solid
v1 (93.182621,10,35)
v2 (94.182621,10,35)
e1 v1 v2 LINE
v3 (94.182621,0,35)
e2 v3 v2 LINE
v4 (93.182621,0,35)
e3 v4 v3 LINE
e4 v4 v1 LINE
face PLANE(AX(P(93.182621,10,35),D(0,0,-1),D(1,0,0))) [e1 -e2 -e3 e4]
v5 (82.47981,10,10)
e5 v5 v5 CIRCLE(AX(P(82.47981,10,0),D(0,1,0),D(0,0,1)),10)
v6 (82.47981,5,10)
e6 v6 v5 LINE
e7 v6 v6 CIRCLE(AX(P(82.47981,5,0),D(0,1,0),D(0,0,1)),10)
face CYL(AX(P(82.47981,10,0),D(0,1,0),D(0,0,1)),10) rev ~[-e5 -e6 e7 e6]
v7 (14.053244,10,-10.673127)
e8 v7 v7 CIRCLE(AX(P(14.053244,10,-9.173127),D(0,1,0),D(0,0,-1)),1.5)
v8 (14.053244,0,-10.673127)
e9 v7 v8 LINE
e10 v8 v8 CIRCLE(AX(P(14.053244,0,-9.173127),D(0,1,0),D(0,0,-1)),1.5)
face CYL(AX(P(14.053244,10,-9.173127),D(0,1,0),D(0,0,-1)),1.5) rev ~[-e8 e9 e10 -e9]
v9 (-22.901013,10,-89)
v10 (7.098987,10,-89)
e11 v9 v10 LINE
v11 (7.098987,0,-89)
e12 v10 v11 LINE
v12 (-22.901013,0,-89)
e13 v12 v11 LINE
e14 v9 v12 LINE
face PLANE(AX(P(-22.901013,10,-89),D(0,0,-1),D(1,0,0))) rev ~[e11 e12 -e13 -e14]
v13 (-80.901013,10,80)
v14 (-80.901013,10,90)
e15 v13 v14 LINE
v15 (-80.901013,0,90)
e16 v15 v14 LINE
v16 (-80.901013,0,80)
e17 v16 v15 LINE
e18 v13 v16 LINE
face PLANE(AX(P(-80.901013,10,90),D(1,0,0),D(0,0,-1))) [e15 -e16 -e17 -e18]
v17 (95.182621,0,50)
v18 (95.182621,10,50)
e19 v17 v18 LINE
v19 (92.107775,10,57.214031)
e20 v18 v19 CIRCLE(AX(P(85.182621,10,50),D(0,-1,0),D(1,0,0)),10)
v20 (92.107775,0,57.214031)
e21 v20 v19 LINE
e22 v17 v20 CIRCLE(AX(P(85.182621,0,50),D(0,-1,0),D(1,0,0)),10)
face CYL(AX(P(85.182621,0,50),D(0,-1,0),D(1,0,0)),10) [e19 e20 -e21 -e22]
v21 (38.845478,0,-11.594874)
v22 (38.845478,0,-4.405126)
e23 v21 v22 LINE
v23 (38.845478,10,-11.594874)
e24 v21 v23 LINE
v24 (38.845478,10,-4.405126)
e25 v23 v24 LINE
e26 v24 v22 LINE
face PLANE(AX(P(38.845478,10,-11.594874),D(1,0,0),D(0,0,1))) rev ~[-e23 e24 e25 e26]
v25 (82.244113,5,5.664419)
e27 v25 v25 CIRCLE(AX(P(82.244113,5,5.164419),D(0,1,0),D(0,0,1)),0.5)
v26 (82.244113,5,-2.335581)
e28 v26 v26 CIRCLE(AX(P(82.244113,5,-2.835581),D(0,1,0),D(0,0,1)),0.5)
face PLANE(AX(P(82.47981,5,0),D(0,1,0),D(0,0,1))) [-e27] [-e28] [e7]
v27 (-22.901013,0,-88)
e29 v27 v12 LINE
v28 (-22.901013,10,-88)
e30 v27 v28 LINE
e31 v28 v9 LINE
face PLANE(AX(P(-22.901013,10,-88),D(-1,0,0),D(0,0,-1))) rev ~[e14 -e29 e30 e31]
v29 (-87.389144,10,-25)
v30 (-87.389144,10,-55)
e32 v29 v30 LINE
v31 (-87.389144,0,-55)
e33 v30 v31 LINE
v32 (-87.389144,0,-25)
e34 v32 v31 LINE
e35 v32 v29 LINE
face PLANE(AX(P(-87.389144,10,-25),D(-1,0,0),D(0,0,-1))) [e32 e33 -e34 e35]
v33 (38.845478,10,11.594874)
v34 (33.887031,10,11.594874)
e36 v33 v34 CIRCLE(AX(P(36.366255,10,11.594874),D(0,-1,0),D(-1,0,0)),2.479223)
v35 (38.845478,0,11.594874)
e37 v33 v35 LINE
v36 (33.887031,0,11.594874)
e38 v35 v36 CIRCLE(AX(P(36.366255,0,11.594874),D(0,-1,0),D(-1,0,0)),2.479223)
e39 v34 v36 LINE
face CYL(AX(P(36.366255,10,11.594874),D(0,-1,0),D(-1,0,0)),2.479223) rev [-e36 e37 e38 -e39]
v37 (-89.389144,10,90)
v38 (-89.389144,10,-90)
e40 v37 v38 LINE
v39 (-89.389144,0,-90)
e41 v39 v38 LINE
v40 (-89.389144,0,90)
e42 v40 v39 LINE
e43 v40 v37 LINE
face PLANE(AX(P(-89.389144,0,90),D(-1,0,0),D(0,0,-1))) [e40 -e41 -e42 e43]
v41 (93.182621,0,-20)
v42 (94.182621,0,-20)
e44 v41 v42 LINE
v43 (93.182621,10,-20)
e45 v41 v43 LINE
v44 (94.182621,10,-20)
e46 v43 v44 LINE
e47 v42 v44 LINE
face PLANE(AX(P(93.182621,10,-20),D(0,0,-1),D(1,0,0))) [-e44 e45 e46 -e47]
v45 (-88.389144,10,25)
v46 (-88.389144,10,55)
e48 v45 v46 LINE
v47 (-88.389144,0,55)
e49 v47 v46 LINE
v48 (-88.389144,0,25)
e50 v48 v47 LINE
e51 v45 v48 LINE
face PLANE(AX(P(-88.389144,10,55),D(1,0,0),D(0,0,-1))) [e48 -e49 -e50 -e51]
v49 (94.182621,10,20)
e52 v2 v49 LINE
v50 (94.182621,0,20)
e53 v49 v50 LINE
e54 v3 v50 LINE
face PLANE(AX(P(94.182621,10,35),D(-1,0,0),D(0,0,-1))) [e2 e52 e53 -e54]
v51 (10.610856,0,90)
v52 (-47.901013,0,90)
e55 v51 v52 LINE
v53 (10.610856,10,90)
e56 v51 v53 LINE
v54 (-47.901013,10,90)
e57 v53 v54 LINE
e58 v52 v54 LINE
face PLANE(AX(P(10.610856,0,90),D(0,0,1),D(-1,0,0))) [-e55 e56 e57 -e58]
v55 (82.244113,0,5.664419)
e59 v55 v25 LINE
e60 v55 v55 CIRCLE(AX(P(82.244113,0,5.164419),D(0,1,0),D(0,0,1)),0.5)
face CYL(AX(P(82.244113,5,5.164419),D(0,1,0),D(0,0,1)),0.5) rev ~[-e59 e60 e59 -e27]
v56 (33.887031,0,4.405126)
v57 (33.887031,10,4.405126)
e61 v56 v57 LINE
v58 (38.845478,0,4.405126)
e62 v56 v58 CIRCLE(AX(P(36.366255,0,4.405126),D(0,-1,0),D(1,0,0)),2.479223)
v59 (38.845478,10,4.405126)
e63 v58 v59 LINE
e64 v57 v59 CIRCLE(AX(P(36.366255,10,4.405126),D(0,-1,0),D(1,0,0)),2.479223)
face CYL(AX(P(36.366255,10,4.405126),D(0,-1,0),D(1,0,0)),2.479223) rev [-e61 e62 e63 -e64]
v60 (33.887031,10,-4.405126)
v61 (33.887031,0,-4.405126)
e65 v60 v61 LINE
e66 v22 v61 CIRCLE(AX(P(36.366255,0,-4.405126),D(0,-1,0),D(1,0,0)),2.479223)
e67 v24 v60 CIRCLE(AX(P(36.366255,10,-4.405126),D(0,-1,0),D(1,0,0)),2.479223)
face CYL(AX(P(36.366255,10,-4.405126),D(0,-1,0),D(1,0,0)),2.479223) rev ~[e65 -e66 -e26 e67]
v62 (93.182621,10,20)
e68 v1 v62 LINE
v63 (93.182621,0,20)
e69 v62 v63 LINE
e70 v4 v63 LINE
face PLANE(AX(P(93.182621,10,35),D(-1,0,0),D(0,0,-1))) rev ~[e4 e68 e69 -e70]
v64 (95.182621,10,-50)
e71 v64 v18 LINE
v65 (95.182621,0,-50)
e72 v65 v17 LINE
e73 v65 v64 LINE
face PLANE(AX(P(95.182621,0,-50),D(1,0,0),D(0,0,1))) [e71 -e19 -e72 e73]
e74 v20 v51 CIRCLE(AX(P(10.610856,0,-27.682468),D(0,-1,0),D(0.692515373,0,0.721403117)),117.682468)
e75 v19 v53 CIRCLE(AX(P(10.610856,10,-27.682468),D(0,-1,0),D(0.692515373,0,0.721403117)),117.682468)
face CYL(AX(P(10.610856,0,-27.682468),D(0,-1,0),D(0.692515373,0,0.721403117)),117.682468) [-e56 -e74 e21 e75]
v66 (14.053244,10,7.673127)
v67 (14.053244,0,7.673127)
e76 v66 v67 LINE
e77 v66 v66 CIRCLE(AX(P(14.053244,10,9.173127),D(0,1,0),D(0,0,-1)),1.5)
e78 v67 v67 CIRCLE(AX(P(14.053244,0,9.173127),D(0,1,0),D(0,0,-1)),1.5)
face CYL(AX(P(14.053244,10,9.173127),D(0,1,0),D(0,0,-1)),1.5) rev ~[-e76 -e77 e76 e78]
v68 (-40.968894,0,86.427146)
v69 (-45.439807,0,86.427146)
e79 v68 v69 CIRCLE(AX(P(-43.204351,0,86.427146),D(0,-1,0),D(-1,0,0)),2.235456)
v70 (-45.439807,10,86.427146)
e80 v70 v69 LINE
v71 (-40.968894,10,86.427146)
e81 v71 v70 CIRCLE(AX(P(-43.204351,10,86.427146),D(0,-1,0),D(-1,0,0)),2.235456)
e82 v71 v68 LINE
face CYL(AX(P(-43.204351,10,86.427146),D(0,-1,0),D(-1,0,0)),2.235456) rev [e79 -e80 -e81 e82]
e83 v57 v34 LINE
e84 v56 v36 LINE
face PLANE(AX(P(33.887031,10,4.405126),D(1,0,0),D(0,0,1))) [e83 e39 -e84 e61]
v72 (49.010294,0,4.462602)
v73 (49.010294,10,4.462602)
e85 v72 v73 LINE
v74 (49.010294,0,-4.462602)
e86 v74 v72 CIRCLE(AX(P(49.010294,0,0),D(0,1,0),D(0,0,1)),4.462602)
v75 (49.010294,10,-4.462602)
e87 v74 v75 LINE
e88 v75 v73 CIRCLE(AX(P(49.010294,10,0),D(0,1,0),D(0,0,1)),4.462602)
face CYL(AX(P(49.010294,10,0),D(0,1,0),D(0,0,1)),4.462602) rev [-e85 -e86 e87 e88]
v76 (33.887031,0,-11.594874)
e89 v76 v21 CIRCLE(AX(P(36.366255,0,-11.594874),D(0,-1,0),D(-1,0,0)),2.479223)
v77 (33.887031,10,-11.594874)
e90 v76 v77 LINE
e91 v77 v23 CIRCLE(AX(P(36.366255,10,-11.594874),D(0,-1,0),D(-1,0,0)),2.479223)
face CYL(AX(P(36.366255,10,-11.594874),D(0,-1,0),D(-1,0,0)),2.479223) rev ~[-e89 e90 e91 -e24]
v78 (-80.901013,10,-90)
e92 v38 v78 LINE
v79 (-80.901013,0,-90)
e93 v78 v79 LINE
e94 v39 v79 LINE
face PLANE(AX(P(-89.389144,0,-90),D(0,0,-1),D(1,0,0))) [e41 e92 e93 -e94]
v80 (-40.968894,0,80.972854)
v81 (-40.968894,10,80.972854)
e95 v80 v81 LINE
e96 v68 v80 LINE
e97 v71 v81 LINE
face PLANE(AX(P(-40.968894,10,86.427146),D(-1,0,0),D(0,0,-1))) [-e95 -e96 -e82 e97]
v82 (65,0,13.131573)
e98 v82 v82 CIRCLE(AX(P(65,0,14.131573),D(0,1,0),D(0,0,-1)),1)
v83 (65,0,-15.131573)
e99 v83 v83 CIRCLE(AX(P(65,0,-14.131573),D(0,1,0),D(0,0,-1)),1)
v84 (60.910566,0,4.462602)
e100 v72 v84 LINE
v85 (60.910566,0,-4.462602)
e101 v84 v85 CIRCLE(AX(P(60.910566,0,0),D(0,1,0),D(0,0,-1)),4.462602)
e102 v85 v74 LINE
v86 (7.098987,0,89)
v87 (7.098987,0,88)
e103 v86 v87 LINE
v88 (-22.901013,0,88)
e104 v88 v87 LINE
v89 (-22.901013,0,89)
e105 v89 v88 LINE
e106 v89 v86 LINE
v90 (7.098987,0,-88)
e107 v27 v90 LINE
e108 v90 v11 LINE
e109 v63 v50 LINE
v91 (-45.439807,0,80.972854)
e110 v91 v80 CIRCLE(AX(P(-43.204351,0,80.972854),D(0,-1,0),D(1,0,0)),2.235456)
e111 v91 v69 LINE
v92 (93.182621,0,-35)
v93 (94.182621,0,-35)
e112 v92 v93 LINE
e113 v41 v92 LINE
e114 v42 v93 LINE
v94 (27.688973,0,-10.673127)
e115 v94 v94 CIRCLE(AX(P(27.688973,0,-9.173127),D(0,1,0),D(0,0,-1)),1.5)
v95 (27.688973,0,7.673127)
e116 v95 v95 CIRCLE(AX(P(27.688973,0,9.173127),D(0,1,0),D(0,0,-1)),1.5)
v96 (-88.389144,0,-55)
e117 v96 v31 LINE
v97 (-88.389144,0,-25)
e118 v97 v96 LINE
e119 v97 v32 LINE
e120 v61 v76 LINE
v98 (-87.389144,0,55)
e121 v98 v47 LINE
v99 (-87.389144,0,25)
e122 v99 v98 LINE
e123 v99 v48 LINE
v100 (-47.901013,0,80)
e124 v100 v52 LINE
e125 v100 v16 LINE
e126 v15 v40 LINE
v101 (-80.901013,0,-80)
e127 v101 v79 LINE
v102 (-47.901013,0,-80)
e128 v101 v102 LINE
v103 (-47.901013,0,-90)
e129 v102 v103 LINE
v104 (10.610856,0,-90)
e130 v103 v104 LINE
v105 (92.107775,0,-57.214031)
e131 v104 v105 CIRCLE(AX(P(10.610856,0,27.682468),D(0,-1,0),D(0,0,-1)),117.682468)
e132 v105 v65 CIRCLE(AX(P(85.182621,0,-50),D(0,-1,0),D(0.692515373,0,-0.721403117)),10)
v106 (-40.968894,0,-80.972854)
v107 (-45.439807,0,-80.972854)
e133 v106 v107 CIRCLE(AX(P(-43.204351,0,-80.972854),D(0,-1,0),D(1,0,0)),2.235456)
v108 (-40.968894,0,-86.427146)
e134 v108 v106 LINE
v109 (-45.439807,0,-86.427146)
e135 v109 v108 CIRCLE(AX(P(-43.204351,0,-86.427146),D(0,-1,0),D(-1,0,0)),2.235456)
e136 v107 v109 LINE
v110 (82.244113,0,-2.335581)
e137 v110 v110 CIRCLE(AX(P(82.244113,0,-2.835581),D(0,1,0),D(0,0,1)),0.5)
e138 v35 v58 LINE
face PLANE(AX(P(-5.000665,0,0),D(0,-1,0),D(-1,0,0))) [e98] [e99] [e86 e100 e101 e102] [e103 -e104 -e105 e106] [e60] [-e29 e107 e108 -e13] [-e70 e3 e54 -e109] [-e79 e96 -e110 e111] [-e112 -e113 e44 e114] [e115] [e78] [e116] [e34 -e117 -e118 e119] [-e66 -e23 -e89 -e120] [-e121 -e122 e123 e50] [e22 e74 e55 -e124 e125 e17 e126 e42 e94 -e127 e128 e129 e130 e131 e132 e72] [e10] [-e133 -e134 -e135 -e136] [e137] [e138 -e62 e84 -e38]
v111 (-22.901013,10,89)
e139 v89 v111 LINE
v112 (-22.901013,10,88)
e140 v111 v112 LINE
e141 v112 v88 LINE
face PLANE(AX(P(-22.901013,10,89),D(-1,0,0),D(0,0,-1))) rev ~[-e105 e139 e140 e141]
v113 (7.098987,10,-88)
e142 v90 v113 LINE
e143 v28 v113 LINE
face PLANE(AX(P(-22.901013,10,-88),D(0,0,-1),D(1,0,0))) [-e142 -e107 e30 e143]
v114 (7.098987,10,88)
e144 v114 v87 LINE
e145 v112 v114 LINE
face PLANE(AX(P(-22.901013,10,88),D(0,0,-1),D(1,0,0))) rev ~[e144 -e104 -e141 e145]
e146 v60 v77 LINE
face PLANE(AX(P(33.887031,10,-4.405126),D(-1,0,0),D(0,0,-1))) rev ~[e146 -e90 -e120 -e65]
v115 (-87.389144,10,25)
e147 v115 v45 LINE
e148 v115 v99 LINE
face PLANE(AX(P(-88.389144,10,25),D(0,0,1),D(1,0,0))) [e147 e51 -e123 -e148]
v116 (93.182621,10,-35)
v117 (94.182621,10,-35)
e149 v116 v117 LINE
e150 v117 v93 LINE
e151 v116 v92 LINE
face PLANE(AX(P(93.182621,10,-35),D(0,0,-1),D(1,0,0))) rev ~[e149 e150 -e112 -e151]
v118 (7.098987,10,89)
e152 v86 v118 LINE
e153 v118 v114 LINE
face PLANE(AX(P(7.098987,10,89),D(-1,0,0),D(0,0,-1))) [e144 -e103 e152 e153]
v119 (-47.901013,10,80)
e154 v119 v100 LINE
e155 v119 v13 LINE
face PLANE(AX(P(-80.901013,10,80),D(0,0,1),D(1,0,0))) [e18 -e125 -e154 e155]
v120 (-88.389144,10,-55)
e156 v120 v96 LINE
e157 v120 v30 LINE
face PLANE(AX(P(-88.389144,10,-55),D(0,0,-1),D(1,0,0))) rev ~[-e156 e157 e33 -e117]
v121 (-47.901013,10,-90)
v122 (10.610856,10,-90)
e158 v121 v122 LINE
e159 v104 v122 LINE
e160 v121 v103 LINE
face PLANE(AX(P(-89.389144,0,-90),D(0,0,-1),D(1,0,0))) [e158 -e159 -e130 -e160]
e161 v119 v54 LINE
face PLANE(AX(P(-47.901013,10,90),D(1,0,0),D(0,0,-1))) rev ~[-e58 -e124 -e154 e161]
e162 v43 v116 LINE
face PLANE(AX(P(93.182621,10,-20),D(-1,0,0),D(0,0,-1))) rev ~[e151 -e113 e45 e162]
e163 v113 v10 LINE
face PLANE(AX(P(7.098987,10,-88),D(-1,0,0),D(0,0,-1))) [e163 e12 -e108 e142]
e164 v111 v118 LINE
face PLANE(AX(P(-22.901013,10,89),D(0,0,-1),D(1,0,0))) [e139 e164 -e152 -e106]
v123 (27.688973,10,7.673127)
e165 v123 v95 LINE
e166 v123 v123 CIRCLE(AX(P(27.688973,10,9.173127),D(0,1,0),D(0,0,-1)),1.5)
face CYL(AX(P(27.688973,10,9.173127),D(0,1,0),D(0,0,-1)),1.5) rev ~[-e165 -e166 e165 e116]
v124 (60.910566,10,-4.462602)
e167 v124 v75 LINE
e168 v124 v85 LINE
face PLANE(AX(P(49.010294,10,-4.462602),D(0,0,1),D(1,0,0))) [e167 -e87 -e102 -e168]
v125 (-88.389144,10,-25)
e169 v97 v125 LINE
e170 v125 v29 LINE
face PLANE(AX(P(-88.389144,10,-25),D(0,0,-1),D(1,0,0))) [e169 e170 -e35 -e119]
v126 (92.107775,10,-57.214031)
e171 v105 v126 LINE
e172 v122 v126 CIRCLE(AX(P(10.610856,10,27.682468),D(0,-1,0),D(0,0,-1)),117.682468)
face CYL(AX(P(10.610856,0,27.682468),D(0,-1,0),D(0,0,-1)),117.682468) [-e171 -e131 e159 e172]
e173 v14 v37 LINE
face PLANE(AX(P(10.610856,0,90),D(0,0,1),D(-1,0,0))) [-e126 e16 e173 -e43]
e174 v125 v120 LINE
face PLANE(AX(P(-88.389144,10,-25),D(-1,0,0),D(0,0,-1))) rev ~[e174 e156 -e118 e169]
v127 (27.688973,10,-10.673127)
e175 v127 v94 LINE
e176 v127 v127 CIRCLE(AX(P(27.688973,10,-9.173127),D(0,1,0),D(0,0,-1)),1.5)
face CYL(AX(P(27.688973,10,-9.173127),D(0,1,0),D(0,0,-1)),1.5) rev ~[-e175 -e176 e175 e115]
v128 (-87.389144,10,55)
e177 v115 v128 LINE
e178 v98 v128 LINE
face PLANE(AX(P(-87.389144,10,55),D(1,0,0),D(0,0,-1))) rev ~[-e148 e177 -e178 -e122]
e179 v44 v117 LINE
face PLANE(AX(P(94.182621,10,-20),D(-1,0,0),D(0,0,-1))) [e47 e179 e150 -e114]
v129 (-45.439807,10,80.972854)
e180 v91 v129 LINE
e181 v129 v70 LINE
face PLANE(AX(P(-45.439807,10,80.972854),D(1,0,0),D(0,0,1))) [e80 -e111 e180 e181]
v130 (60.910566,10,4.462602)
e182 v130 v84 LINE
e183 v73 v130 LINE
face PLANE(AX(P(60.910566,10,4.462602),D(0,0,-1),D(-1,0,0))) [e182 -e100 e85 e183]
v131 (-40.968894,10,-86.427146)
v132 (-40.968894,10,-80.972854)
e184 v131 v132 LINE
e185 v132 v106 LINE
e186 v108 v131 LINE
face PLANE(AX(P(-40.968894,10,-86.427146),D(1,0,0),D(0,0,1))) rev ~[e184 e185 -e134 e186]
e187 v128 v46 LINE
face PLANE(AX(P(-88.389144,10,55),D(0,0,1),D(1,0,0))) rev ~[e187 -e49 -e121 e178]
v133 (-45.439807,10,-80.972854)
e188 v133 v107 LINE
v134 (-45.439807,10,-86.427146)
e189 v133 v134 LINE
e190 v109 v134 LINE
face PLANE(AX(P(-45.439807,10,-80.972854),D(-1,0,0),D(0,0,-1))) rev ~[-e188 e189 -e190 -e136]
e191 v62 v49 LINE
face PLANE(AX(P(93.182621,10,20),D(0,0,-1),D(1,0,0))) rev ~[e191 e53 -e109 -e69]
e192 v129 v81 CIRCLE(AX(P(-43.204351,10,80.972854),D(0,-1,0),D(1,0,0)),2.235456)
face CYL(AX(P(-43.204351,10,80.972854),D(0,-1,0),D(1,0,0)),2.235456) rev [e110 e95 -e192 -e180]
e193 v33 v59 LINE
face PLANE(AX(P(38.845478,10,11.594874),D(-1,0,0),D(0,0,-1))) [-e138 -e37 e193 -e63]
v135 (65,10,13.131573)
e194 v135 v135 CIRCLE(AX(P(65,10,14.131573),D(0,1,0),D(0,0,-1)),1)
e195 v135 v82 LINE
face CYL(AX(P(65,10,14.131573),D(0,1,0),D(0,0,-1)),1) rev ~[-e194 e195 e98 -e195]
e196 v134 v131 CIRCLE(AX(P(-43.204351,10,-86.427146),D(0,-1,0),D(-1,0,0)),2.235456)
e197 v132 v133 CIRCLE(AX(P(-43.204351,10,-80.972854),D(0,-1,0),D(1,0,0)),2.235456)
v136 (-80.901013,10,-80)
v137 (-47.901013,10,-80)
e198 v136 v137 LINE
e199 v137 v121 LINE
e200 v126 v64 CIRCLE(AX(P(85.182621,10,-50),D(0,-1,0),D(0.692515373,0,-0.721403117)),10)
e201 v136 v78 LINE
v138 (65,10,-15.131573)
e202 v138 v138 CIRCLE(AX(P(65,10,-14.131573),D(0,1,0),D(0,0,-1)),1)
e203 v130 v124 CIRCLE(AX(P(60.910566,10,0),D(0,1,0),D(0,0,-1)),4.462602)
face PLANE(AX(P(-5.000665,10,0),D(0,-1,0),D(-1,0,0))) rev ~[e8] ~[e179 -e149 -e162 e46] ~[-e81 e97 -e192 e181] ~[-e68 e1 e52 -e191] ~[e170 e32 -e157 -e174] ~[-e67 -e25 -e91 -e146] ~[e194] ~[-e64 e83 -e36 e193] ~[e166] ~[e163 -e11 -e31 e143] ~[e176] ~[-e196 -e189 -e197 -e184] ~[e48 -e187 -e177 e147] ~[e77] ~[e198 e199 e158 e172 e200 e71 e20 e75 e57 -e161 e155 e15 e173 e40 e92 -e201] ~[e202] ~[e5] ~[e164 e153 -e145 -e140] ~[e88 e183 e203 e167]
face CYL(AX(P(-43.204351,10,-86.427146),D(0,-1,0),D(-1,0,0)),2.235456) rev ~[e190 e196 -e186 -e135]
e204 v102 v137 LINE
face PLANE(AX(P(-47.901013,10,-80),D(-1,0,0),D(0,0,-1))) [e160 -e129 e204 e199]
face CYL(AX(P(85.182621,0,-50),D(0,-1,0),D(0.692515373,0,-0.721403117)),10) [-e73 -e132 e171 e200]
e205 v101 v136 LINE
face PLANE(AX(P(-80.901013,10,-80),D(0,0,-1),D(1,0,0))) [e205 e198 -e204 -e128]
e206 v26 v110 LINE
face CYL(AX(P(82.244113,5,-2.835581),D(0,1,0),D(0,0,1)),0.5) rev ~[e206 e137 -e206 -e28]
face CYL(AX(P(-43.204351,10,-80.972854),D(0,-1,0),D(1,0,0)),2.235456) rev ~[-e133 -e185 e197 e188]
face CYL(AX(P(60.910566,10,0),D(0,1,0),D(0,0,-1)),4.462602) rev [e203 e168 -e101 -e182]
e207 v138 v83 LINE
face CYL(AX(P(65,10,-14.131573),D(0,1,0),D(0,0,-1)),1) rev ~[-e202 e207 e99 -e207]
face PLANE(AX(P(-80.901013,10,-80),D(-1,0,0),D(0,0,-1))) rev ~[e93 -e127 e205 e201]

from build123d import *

# Parameters (mm, degrees)
BOSS_EXTRUDE1_DEPTH = 10
SKETCH2_R           = 1
SKETCH2_R_2         = 1.5
SKETCH2_W           = 33
SKETCH2_H           = 10
CUT_EXTRUDE2_DEPTH  = 15
SKETCH3_R           = 10
CUT_EXTRUDE3_DEPTH  = 5
CUT_EXTRUDE4_DEPTH  = 15
SKETCH5_W           = 30
SKETCH5_H           = 1
SKETCH5_W_2         = 1
SKETCH5_H_2         = 30
SKETCH5_H_3         = 15
CUT_EXTRUDE6_DEPTH  = 15
SKETCH6_R           = 0.5
CUT_EXTRUDE7_DEPTH  = 15


with BuildPart() as part:
    # Sketch1 → Boss-Extrude1 (new body)
    with BuildSketch(Plane(origin=(0, 0, 0), x_dir=(1, 0, 0), z_dir=(0, 1, 0))):
        with BuildLine():
            Line((-89.389143795, -90), (-89.389143795, 90))
            Line((-89.389143795, 90), (10.610856205, 90))
            ThreePointArc((10.610856205, 90), (54.533138364, 81.496268076), (92.107774725, 57.214031174))
            ThreePointArc((92.107774725, 57.214031174), (94.381847518, 53.920998768), (95.182620993, 50))
            Line((95.182620993, 50), (95.182620993, -50))
            ThreePointArc((95.182620993, -50), (94.381847518, -53.920998768), (92.107774725, -57.214031174))
            ThreePointArc((92.107774725, -57.214031174), (54.533138364, -81.496268076), (10.610856205, -90))
            Line((10.610856205, -90), (-89.389143795, -90))
        make_face()
    extrude(amount=BOSS_EXTRUDE1_DEPTH)

    # Sketch2 → Cut-Extrude2 (cut, symmetric)
    with BuildSketch(Plane(origin=(0, 10, 0), x_dir=(1, 0, 0), z_dir=(0, 1, 0))):
        with Locations(Location((65, 14.131573434, 0), (0, 0, 90))):
            Circle(SKETCH2_R)
        with Locations(Location((27.688972694, 9.173126615, 0), (0, 0, 90))):
            Circle(SKETCH2_R_2)
        with Locations(Location((14.053243942, 9.173126615, 0), (0, 0, 90))):
            Circle(SKETCH2_R_2)
        with Locations(Location((14.053243942, -9.173126615, 0), (0, 0, 90))):
            Circle(SKETCH2_R_2)
        with Locations(Location((27.688972694, -9.173126615, 0), (0, 0, 90))):
            Circle(SKETCH2_R_2)
        with Locations(Location((65, -14.131573434, 0), (0, 0, 90))):
            Circle(SKETCH2_R)
        with BuildLine():
            Line((-40.968894473, 86.42714575), (-40.968894473, 80.97285425))
            ThreePointArc((-40.968894473, 80.97285425), (-43.204350858, 78.737397865), (-45.439807243, 80.97285425))
            Line((-45.439807243, 80.97285425), (-45.439807243, 86.42714575))
            ThreePointArc((-45.439807243, 86.42714575), (-43.204350858, 88.662602135), (-40.968894473, 86.42714575))
        make_face()
        with BuildLine():
            Line((38.845478036, 11.594873944), (38.845478036, 4.405126056))
            ThreePointArc((38.845478036, 4.405126056), (36.366254627, 1.925902647), (33.887031217, 4.405126056))
            Line((33.887031217, 4.405126056), (33.887031217, 11.594873944))
            ThreePointArc((33.887031217, 11.594873944), (36.366254627, 14.074097353), (38.845478036, 11.594873944))
        make_face()
        with Locations((-64.401012641, 85)):
            Rectangle(SKETCH2_W, SKETCH2_H)
        with BuildLine():
            Line((38.845478036, -11.594873944), (38.845478036, -4.405126056))
            ThreePointArc((38.845478036, -4.405126056), (36.366254627, -1.925902647), (33.887031217, -4.405126056))
            Line((33.887031217, -4.405126056), (33.887031217, -11.594873944))
            ThreePointArc((33.887031217, -11.594873944), (36.366254627, -14.074097353), (38.845478036, -11.594873944))
        make_face()
        with BuildLine():
            Line((-40.968894473, -86.42714575), (-40.968894473, -80.97285425))
            ThreePointArc((-40.968894473, -80.97285425), (-43.204350858, -78.737397865), (-45.439807243, -80.97285425))
            Line((-45.439807243, -80.97285425), (-45.439807243, -86.42714575))
            ThreePointArc((-45.439807243, -86.42714575), (-43.204350858, -88.662602135), (-40.968894473, -86.42714575))
        make_face()
        with Locations((-64.401012641, -85)):
            Rectangle(SKETCH2_W, SKETCH2_H)
    extrude(amount=CUT_EXTRUDE2_DEPTH, both=True, mode=Mode.SUBTRACT)

    # Sketch3 → Cut-Extrude3 (cut, symmetric)
    with BuildSketch(Plane(origin=(0, 10, 0), x_dir=(1, 0, 0), z_dir=(0, 1, 0))):
        with Locations(Location((82.479810043, 0, 0), (0, 0, 270))):
            Circle(SKETCH3_R)
    extrude(amount=CUT_EXTRUDE3_DEPTH, both=True, mode=Mode.SUBTRACT)

    # Sketch4 → Cut-Extrude4 (cut, symmetric)
    with BuildSketch(Plane(origin=(0, 10, 0), x_dir=(1, 0, 0), z_dir=(0, 1, 0))):
        with BuildLine():
            Line((49.010294015, 4.462602137), (60.91056638, 4.462602137))
            ThreePointArc((60.91056638, 4.462602137), (65.373168517, 0), (60.91056638, -4.462602137))
            Line((60.91056638, -4.462602137), (49.010294015, -4.462602137))
            ThreePointArc((49.010294015, -4.462602137), (44.547691878, 0), (49.010294015, 4.462602137))
        make_face()
    extrude(amount=CUT_EXTRUDE4_DEPTH, both=True, mode=Mode.SUBTRACT)

    # Sketch5 → Cut-Extrude6 (cut, symmetric)
    with BuildSketch(Plane(origin=(0, 10, 0), x_dir=(1, 0, 0), z_dir=(0, 1, 0))):
        with Locations((-7.901012641, 88.5)):
            Rectangle(SKETCH5_W, SKETCH5_H)
        with Locations((-87.889143795, 40)):
            Rectangle(SKETCH5_W_2, SKETCH5_H_2)
        with Locations((93.682620993, 27.5)):
            Rectangle(SKETCH5_W_2, SKETCH5_H_3)
        with Locations((93.682620993, -27.5)):
            Rectangle(SKETCH5_W_2, SKETCH5_H_3)
        with Locations((-7.901012641, -88.5)):
            Rectangle(SKETCH5_W, SKETCH5_H)
        with Locations((-87.889143795, -40)):
            Rectangle(SKETCH5_W_2, SKETCH5_H_2)
    extrude(amount=CUT_EXTRUDE6_DEPTH, both=True, mode=Mode.SUBTRACT)

    # Sketch6 → Cut-Extrude7 (cut, symmetric)
    with BuildSketch(Plane(origin=(0, 5, 0), x_dir=(1, 0, 0), z_dir=(0, 1, 0))):
        with Locations(Location((82.244112685, 2.835581496, 0), (0, 0, 270))):
            Circle(SKETCH6_R)
        with Locations(Location((82.244112685, -5.164418504, 0), (0, 0, 270))):
            Circle(SKETCH6_R)
    extrude(amount=CUT_EXTRUDE7_DEPTH, both=True, mode=Mode.SUBTRACT)


solid = part.part
